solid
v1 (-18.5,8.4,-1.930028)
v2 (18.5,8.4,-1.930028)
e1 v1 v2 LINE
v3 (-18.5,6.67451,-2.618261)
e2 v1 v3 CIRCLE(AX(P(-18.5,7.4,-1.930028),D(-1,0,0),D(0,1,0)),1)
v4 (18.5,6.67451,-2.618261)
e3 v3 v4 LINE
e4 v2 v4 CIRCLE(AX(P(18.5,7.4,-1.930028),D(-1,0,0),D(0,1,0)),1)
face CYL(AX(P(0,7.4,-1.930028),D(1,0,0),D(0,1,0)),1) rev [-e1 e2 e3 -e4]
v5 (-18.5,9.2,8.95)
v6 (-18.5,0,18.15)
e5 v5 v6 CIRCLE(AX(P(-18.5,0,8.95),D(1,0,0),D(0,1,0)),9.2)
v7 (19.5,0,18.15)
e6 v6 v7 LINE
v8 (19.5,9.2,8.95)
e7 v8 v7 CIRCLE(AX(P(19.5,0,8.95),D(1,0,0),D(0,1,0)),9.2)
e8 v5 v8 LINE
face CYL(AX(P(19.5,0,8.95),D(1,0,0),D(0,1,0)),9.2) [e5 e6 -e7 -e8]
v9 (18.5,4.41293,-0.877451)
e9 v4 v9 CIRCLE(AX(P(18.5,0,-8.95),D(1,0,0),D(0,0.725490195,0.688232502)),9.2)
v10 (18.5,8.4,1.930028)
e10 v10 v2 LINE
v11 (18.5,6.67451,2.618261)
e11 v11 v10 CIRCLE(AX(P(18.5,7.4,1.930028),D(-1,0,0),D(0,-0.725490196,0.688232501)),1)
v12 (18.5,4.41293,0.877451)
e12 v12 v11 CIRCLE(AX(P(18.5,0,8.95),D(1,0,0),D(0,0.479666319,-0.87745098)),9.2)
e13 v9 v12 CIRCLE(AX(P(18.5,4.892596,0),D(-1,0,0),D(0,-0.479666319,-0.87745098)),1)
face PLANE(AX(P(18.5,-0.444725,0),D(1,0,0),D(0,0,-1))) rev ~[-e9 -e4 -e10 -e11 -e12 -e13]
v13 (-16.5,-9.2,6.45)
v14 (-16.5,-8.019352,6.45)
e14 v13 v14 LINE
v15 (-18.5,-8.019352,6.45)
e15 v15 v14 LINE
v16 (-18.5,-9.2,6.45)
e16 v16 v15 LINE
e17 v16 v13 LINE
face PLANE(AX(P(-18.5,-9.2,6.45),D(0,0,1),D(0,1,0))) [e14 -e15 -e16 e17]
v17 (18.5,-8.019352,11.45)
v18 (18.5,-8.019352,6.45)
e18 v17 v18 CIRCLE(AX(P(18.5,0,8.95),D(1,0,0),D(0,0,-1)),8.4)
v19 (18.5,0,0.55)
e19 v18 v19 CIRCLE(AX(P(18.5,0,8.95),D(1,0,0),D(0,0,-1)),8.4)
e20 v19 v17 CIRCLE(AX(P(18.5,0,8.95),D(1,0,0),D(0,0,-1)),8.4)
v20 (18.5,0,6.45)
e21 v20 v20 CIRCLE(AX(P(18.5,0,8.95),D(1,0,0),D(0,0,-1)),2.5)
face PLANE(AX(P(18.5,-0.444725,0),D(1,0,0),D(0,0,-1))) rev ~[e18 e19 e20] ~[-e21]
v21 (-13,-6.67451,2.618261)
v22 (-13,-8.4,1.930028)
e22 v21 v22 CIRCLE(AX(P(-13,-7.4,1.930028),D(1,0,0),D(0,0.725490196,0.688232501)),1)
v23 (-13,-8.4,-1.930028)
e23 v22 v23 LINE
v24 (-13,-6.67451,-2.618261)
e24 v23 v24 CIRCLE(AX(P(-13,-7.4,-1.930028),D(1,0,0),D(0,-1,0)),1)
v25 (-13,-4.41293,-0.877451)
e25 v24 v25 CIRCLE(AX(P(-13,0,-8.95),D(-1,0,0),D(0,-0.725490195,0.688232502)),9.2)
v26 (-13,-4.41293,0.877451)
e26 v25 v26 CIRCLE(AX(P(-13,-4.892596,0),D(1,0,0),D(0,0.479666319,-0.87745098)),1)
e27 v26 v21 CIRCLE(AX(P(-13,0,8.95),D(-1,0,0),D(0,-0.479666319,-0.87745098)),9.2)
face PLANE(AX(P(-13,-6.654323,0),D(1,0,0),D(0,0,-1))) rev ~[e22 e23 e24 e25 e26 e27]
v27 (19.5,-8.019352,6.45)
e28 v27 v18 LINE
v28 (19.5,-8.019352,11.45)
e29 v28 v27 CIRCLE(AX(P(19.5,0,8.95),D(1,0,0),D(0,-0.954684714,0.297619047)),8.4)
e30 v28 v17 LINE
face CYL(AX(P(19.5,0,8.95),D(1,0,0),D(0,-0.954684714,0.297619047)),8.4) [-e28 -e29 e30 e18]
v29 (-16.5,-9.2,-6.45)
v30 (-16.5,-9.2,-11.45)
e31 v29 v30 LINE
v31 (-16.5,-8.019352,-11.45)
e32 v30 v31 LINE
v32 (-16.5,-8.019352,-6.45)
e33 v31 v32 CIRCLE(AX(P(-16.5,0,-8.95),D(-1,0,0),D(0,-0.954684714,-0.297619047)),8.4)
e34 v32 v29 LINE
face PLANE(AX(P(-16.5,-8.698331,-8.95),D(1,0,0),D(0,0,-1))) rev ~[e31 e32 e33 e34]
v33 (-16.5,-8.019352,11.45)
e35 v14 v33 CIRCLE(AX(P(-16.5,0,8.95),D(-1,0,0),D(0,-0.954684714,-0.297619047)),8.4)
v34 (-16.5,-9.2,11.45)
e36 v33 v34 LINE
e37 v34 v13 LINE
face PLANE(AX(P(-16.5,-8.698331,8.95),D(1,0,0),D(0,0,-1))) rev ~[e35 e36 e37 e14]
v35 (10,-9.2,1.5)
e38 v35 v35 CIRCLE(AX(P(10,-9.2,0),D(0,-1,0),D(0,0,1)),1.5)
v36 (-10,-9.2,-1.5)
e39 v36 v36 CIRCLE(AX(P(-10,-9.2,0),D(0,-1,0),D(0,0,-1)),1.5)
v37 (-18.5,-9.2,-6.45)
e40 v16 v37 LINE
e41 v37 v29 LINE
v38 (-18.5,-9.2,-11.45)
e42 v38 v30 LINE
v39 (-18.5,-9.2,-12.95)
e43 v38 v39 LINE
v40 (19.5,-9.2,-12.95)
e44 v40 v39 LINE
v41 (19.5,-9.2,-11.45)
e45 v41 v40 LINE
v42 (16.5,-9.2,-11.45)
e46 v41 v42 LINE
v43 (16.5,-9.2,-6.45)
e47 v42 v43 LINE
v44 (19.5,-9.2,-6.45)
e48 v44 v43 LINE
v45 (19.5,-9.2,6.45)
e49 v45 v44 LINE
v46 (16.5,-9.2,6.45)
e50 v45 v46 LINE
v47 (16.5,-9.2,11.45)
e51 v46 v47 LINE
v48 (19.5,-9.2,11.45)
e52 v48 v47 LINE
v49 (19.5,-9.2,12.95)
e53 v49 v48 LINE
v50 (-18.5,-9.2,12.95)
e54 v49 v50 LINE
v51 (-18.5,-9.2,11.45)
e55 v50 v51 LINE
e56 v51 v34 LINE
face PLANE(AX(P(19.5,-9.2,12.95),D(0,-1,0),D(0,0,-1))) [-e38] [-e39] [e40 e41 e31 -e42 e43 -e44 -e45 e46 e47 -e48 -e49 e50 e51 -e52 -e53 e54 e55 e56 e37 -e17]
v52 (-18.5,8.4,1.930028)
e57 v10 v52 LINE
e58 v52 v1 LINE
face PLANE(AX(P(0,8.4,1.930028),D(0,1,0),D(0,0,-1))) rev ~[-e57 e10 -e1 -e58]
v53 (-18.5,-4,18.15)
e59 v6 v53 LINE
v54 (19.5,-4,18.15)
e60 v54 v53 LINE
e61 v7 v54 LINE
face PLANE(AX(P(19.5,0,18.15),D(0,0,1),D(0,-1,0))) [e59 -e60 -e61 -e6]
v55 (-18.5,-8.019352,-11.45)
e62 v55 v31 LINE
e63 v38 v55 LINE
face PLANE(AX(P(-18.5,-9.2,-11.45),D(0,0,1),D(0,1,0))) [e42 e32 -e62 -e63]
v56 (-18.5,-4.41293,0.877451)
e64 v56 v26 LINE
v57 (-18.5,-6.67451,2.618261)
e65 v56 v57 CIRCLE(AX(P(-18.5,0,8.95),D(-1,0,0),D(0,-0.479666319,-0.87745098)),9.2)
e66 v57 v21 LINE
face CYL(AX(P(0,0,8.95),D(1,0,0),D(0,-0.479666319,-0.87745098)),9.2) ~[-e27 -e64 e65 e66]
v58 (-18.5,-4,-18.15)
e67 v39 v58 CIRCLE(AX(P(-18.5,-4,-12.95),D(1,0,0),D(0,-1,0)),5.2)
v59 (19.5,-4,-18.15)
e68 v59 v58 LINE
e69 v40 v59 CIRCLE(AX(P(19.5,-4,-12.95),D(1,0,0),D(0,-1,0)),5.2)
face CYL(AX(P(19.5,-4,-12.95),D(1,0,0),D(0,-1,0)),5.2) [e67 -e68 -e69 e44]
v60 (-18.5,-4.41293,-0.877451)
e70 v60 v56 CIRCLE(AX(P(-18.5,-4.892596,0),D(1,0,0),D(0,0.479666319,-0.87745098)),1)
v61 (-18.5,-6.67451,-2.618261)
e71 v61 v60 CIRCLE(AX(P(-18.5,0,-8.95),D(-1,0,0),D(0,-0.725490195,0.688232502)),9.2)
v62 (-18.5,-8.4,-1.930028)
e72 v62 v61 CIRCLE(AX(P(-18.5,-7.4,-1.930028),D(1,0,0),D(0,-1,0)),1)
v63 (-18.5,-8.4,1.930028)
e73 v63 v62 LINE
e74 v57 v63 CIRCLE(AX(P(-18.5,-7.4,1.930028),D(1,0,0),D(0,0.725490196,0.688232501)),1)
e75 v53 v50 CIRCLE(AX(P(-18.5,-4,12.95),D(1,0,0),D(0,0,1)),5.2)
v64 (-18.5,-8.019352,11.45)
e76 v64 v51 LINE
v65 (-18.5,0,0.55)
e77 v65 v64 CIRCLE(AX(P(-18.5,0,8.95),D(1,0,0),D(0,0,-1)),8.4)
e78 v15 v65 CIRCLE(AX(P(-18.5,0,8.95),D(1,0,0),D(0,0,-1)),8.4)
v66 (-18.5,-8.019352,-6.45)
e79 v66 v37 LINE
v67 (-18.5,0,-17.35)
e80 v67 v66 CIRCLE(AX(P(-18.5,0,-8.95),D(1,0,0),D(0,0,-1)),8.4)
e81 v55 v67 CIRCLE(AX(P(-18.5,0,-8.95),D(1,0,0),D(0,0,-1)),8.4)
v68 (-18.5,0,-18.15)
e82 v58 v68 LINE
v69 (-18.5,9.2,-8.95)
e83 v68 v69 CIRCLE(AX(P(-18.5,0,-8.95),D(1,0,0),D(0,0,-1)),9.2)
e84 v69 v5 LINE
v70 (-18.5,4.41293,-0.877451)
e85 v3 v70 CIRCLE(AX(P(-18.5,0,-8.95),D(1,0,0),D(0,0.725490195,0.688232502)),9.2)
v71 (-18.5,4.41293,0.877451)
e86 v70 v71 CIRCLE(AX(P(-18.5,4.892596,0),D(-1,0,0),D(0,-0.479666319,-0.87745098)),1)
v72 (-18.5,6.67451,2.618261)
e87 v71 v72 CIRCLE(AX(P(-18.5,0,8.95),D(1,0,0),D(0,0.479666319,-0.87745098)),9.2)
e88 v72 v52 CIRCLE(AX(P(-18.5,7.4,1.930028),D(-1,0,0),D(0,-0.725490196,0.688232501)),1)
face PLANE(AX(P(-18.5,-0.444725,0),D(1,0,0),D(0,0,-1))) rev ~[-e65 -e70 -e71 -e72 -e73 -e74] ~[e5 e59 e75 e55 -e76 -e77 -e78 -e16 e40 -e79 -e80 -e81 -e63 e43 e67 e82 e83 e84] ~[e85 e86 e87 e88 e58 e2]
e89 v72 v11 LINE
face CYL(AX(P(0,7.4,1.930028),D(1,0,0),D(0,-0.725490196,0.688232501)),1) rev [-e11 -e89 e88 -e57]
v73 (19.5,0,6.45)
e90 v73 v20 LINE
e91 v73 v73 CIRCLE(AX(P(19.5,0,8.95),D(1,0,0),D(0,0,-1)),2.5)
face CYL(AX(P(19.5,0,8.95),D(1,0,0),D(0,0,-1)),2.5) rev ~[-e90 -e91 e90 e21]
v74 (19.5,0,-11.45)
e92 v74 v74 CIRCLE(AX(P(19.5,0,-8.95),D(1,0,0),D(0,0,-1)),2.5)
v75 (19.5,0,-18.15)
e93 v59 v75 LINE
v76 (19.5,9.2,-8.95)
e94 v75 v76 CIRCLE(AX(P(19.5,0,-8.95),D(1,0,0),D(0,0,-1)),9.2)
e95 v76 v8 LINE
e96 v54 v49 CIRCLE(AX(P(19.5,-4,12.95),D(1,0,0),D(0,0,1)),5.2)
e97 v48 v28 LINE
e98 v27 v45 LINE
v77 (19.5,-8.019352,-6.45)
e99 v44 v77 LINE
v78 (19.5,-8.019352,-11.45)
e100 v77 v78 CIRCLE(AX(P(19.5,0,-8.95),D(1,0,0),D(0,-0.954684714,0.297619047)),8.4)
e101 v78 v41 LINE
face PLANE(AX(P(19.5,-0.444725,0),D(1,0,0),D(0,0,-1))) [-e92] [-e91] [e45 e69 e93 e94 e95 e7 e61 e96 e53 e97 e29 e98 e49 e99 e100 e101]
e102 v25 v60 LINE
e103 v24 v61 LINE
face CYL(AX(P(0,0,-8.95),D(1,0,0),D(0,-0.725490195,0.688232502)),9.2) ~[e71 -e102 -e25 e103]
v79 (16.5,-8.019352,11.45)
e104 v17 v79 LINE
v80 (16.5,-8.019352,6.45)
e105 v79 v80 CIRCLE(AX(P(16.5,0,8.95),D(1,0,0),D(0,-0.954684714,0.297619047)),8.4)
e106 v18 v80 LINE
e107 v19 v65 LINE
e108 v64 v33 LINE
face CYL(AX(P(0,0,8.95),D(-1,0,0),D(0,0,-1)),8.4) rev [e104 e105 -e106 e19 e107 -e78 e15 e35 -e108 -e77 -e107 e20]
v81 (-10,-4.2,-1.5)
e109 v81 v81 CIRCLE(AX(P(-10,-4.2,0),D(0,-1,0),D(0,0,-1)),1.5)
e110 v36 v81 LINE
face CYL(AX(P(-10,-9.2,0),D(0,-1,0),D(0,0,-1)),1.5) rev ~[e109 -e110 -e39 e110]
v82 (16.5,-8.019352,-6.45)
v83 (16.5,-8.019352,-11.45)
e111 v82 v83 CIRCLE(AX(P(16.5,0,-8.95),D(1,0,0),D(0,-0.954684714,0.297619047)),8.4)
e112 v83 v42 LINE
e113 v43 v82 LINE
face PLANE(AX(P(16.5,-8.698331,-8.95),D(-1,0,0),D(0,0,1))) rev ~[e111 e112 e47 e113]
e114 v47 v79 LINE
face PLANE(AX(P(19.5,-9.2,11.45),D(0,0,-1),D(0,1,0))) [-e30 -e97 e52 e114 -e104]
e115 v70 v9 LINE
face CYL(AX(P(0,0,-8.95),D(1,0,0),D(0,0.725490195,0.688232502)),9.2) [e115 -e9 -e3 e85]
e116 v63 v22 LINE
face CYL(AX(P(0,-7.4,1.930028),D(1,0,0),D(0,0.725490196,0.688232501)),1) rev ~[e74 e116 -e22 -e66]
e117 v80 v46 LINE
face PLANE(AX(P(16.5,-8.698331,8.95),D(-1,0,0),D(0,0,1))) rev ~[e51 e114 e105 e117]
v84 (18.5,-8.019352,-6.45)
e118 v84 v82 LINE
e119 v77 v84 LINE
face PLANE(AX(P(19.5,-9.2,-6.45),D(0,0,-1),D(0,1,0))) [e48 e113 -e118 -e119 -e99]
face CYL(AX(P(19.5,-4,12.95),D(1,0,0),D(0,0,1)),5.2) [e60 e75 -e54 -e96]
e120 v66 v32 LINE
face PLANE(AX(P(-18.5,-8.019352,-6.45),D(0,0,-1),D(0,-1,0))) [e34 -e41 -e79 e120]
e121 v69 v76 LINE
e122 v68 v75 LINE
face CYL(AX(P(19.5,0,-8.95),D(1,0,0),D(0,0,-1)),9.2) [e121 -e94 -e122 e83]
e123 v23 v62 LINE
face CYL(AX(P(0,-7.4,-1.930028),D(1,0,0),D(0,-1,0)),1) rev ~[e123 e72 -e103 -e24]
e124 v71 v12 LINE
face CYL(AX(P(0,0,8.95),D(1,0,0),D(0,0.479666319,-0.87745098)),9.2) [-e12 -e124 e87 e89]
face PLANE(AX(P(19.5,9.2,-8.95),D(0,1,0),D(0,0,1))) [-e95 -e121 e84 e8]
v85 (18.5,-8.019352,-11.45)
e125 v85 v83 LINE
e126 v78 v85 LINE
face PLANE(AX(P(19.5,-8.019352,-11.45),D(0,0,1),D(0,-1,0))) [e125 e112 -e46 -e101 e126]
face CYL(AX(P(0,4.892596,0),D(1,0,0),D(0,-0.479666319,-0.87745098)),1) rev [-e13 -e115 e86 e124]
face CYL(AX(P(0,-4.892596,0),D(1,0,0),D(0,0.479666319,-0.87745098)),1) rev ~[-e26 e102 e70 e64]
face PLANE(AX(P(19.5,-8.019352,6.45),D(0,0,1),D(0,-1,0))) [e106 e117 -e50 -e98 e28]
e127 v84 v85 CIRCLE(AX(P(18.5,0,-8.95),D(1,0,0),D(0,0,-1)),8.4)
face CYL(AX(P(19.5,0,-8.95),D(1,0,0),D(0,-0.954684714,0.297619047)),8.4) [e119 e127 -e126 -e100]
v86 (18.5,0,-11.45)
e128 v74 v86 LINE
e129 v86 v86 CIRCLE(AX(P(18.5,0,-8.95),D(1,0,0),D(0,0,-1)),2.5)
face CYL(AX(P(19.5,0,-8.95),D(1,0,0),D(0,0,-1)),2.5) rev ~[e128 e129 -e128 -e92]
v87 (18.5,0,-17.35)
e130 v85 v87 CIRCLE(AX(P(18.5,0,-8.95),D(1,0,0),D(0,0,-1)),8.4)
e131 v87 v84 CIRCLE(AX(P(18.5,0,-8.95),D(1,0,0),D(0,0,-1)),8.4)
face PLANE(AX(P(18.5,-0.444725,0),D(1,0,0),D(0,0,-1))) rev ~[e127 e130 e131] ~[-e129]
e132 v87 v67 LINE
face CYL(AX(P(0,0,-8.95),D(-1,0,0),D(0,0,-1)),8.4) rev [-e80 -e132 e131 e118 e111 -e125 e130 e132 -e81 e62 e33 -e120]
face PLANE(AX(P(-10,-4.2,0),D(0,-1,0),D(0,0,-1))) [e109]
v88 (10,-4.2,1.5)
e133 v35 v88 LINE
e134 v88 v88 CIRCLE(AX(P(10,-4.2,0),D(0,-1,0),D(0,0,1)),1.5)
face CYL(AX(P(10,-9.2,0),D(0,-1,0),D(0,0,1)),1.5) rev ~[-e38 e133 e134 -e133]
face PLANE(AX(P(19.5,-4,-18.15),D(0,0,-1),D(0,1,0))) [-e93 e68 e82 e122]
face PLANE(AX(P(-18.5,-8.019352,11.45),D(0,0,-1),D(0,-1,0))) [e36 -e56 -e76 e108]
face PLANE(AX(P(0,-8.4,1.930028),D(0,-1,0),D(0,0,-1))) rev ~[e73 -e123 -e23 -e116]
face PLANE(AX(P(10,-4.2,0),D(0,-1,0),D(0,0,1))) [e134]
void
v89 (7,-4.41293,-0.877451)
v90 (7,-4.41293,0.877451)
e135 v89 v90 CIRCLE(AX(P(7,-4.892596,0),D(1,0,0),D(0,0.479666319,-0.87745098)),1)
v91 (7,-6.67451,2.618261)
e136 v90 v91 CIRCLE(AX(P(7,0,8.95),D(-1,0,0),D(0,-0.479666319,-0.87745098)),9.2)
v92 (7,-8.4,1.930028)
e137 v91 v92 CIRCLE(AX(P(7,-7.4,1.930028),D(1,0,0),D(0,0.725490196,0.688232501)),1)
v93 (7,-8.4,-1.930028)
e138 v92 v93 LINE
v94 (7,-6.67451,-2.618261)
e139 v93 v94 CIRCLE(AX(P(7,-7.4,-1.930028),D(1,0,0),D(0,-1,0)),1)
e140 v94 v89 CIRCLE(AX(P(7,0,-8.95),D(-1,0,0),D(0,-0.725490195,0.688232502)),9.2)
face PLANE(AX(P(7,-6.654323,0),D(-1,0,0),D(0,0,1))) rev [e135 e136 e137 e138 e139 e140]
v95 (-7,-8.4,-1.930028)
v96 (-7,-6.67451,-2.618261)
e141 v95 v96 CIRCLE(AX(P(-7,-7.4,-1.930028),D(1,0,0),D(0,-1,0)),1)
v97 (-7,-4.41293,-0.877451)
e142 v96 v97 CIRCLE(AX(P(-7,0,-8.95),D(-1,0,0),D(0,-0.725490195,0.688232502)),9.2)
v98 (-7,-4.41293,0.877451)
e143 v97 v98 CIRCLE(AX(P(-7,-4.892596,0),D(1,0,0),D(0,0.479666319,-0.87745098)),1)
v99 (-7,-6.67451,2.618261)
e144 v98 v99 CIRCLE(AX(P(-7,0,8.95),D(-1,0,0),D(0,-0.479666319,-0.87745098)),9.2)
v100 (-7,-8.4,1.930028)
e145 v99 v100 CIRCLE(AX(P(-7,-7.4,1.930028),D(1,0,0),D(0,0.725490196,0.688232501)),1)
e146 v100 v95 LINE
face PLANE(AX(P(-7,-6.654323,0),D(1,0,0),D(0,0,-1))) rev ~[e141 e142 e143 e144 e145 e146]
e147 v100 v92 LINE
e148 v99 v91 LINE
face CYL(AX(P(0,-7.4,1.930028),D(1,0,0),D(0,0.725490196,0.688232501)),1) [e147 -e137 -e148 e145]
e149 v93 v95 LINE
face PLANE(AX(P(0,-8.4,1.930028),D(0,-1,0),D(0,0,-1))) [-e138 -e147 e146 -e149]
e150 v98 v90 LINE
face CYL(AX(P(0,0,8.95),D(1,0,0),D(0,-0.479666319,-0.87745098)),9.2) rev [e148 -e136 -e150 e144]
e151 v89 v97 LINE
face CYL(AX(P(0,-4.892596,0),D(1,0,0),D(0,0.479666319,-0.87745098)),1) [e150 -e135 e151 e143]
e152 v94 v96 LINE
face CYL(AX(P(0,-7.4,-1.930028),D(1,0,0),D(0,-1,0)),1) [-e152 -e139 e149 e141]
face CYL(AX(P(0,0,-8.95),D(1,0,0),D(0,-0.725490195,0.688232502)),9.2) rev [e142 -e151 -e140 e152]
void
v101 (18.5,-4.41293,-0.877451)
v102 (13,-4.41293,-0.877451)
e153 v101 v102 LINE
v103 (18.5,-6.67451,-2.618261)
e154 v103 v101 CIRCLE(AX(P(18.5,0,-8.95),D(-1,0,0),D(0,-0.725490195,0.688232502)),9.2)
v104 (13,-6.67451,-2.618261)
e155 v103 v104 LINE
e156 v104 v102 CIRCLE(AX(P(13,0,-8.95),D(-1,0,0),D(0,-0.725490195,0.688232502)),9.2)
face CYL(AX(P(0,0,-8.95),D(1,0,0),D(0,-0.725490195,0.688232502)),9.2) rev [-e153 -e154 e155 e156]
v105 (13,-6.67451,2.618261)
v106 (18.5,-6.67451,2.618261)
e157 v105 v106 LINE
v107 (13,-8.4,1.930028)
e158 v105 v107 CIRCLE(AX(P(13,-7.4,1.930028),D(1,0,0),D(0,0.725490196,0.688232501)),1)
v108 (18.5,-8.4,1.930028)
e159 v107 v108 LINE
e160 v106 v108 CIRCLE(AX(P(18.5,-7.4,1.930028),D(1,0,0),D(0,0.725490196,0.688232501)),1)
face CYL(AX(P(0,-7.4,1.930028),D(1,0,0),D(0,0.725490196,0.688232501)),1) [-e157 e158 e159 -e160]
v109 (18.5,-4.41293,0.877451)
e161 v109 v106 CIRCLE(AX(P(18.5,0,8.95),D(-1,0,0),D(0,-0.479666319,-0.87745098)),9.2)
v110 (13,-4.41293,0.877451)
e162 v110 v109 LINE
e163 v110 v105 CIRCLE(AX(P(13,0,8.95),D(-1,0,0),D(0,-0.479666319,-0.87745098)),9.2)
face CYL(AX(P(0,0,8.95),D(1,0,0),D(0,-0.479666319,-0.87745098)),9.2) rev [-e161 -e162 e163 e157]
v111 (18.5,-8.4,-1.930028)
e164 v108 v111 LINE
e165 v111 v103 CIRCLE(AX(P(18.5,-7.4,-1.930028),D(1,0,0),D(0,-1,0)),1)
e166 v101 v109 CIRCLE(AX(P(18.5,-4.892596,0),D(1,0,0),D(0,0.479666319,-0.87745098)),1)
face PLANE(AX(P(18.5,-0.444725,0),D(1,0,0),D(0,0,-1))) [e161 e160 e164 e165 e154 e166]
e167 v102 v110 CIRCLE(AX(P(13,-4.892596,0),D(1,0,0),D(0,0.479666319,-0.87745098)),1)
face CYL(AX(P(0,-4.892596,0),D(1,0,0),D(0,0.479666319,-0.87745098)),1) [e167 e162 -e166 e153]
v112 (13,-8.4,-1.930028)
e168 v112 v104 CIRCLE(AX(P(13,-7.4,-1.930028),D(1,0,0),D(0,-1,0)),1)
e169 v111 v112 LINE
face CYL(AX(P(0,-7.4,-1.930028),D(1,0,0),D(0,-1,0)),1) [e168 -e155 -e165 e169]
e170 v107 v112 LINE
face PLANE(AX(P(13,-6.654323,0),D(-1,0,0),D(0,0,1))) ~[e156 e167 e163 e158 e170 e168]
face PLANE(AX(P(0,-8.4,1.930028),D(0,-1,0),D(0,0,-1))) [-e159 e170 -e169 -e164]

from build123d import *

# Parameters (mm, degrees)
SKETCH_1_R          = 8.4
EXTRUDE_1_DEPTH     = 18.5
EXTRUDE_START       = 1
SKETCH_2_R          = 2.5
EXTRUDE_2_DEPTH     = 1
EXTRUDE_4_DEPTH     = 3
SKETCH_3_R          = 1.5
CUT_EXTRUDE_1_DEPTH = 5
CUT_EXTRUDE_2_DEPTH = 2
CUT_EXTRUDE_3_DEPTH = 3


with BuildPart() as part:
    # Эскиз1 → Бобышка-Вытянуть1 (new, symmetric)
    with BuildSketch(Plane(origin=(0, 0, 0), x_dir=(0, 0, -1), z_dir=(1, 0, 0))):
        with BuildLine():
            Line((-8.95, -9.2), (8.95, -9.2))
            Line((8.95, -9.2), (12.95, -9.2))
            ThreePointArc((12.95, -9.2), (16.626955262, -7.676955262), (18.15, -4))
            Line((18.15, -4), (18.15, 0))
            ThreePointArc((18.15, 0), (15.455382387, 6.505382387), (8.95, 9.2))
            Line((8.95, 9.2), (-8.95, 9.2))
            ThreePointArc((-8.95, 9.2), (-15.455382387, 6.505382387), (-18.15, 0))
            Line((-18.15, 0), (-18.15, -4))
            ThreePointArc((-18.15, -4), (-16.626955262, -7.676955262), (-12.95, -9.2))
            Line((-12.95, -9.2), (-8.95, -9.2))
        make_face()
        with Locations((-8.95, 0)):
            Circle(SKETCH_1_R, mode=Mode.SUBTRACT)
        with Locations((8.95, 0)):
            Circle(SKETCH_1_R, mode=Mode.SUBTRACT)
        with BuildLine():
            Line((-1.93002849, -8.4), (1.93002849, -8.4))
            ThreePointArc((1.93002849, -8.4), (2.858869218, -7.770479287), (2.618260991, -6.674509804))
            ThreePointArc((2.618260991, -6.674509804), (1.659625246, -5.611633981), (0.87745098, -4.412930129))
            ThreePointArc((0.87745098, -4.412930129), (0, -3.892596448), (-0.87745098, -4.412930129))
            ThreePointArc((-0.87745098, -4.412930129), (-1.659625246, -5.611633981), (-2.618260991, -6.674509804))
            ThreePointArc((-2.618260991, -6.674509804), (-2.858869218, -7.770479287), (-1.93002849, -8.4))
        make_face(mode=Mode.SUBTRACT)
        with BuildLine():
            Line((-1.93002849, 8.4), (1.93002849, 8.4))
            ThreePointArc((1.93002849, 8.4), (2.858869218, 7.770479287), (2.618260991, 6.674509804))
            ThreePointArc((2.618260991, 6.674509804), (1.659625246, 5.611633981), (0.87745098, 4.412930129))
            ThreePointArc((0.87745098, 4.412930129), (0, 3.892596448), (-0.87745098, 4.412930129))
            ThreePointArc((-0.87745098, 4.412930129), (-1.659625246, 5.611633981), (-2.618260991, 6.674509804))
            ThreePointArc((-2.618260991, 6.674509804), (-2.858869218, 7.770479287), (-1.93002849, 8.4))
        make_face(mode=Mode.SUBTRACT)
    extrude(amount=EXTRUDE_1_DEPTH, both=True)

    # Эскиз2 → Бобышка-Вытянуть2 (add)
    with BuildSketch(Plane(origin=(18.5, 0, 0), x_dir=(0, 0, -1), z_dir=(1, 0, 0)).offset(EXTRUDE_START)):
        with BuildLine():
            Line((18.15, -4), (18.15, 0))
            ThreePointArc((18.15, 0), (15.455382387, 6.505382387), (8.95, 9.2))
            Line((8.95, 9.2), (-8.95, 9.2))
            ThreePointArc((-8.95, 9.2), (-15.455382387, 6.505382387), (-18.15, 0))
            Line((-18.15, 0), (-18.15, -4))
            ThreePointArc((-18.15, -4), (-16.626955262, -7.676955262), (-12.95, -9.2))
            Line((-12.95, -9.2), (12.95, -9.2))
            ThreePointArc((12.95, -9.2), (16.626955262, -7.676955262), (18.15, -4))
        make_face()
        with Locations((-8.95, 0)):
            Circle(SKETCH_2_R, mode=Mode.SUBTRACT)
        with Locations((8.95, 0)):
            Circle(SKETCH_2_R, mode=Mode.SUBTRACT)
    extrude(amount=-EXTRUDE_2_DEPTH)

    # Эскиз5 → Бобышка-Вытянуть4 (add, symmetric)
    with BuildSketch(Plane(origin=(-10, 0, 0), x_dir=(0, 0, -1), z_dir=(1, 0, 0))):
        with BuildLine():
            Line((-1.93002849, -8.4), (1.93002849, -8.4))
            ThreePointArc((1.93002849, -8.4), (2.858869218, -7.770479287), (2.618260991, -6.674509804))
            ThreePointArc((2.618260991, -6.674509804), (1.659625246, -5.611633981), (0.87745098, -4.412930129))
            ThreePointArc((0.87745098, -4.412930129), (0, -3.892596448), (-0.87745098, -4.412930129))
            ThreePointArc((-0.87745098, -4.412930129), (-1.659625246, -5.611633981), (-2.618260991, -6.674509804))
            ThreePointArc((-2.618260991, -6.674509804), (-2.858869218, -7.770479287), (-1.93002849, -8.4))
        make_face()
    extrude_4 = extrude(amount=EXTRUDE_4_DEPTH, both=True)

    # Зеркальное отражение1: Бобышка-Вытянуть4 across plane
    add(extrude_4.mirror(Plane(origin=(0, 0, 0), x_dir=(0, 0, 1), z_dir=(1, 0, 0))))

    # Эскиз3 → Вырез-Вытянуть1 (cut)
    with BuildSketch(Plane.XZ.offset(9.2)):
        with Locations(Location((-10, 0, 0), (0, 0, 270))):
            Circle(SKETCH_3_R)
        with Locations(Location((10, 0, 0), (0, 0, 90))):
            Circle(SKETCH_3_R)
    extrude(amount=-CUT_EXTRUDE_1_DEPTH, mode=Mode.SUBTRACT)

    # Эскиз6 → Вырез-Вытянуть2 (cut)
    with BuildSketch(Plane.ZY.offset(18.5)):
        with BuildLine():
            Line((11.45, -9.2), (6.45, -9.2))
            Line((6.45, -9.2), (6.45, -8.019351595))
            ThreePointArc((6.45, -8.019351595), (8.95, -8.4), (11.45, -8.019351595))
            Line((11.45, -8.019351595), (11.45, -9.2))
        make_face()
        with BuildLine():
            Line((-6.45, -8.019351595), (-6.45, -9.2))
            Line((-6.45, -9.2), (-11.45, -9.2))
            Line((-11.45, -9.2), (-11.45, -8.019351595))
            ThreePointArc((-11.45, -8.019351595), (-8.95, -8.4), (-6.45, -8.019351595))
        make_face()
    extrude(amount=-CUT_EXTRUDE_2_DEPTH, mode=Mode.SUBTRACT)

    # Эскиз7 → Вырез-Вытянуть3 (cut)
    with BuildSketch(Plane(origin=(19.5, 0, 0), x_dir=(0, 0, -1), z_dir=(1, 0, 0))):
        with BuildLine():
            Line((-6.45, -8.019351595), (-6.45, -9.2))
            Line((-6.45, -9.2), (-11.45, -9.2))
            Line((-11.45, -9.2), (-11.45, -8.019351595))
            ThreePointArc((-11.45, -8.019351595), (-8.95, -8.4), (-6.45, -8.019351595))
        make_face()
        with BuildLine():
            Line((11.45, -9.2), (6.45, -9.2))
            Line((6.45, -9.2), (6.45, -8.019351595))
            ThreePointArc((6.45, -8.019351595), (8.95, -8.4), (11.45, -8.019351595))
            Line((11.45, -8.019351595), (11.45, -9.2))
        make_face()
    extrude(amount=-CUT_EXTRUDE_3_DEPTH, mode=Mode.SUBTRACT)


solid = part.part
